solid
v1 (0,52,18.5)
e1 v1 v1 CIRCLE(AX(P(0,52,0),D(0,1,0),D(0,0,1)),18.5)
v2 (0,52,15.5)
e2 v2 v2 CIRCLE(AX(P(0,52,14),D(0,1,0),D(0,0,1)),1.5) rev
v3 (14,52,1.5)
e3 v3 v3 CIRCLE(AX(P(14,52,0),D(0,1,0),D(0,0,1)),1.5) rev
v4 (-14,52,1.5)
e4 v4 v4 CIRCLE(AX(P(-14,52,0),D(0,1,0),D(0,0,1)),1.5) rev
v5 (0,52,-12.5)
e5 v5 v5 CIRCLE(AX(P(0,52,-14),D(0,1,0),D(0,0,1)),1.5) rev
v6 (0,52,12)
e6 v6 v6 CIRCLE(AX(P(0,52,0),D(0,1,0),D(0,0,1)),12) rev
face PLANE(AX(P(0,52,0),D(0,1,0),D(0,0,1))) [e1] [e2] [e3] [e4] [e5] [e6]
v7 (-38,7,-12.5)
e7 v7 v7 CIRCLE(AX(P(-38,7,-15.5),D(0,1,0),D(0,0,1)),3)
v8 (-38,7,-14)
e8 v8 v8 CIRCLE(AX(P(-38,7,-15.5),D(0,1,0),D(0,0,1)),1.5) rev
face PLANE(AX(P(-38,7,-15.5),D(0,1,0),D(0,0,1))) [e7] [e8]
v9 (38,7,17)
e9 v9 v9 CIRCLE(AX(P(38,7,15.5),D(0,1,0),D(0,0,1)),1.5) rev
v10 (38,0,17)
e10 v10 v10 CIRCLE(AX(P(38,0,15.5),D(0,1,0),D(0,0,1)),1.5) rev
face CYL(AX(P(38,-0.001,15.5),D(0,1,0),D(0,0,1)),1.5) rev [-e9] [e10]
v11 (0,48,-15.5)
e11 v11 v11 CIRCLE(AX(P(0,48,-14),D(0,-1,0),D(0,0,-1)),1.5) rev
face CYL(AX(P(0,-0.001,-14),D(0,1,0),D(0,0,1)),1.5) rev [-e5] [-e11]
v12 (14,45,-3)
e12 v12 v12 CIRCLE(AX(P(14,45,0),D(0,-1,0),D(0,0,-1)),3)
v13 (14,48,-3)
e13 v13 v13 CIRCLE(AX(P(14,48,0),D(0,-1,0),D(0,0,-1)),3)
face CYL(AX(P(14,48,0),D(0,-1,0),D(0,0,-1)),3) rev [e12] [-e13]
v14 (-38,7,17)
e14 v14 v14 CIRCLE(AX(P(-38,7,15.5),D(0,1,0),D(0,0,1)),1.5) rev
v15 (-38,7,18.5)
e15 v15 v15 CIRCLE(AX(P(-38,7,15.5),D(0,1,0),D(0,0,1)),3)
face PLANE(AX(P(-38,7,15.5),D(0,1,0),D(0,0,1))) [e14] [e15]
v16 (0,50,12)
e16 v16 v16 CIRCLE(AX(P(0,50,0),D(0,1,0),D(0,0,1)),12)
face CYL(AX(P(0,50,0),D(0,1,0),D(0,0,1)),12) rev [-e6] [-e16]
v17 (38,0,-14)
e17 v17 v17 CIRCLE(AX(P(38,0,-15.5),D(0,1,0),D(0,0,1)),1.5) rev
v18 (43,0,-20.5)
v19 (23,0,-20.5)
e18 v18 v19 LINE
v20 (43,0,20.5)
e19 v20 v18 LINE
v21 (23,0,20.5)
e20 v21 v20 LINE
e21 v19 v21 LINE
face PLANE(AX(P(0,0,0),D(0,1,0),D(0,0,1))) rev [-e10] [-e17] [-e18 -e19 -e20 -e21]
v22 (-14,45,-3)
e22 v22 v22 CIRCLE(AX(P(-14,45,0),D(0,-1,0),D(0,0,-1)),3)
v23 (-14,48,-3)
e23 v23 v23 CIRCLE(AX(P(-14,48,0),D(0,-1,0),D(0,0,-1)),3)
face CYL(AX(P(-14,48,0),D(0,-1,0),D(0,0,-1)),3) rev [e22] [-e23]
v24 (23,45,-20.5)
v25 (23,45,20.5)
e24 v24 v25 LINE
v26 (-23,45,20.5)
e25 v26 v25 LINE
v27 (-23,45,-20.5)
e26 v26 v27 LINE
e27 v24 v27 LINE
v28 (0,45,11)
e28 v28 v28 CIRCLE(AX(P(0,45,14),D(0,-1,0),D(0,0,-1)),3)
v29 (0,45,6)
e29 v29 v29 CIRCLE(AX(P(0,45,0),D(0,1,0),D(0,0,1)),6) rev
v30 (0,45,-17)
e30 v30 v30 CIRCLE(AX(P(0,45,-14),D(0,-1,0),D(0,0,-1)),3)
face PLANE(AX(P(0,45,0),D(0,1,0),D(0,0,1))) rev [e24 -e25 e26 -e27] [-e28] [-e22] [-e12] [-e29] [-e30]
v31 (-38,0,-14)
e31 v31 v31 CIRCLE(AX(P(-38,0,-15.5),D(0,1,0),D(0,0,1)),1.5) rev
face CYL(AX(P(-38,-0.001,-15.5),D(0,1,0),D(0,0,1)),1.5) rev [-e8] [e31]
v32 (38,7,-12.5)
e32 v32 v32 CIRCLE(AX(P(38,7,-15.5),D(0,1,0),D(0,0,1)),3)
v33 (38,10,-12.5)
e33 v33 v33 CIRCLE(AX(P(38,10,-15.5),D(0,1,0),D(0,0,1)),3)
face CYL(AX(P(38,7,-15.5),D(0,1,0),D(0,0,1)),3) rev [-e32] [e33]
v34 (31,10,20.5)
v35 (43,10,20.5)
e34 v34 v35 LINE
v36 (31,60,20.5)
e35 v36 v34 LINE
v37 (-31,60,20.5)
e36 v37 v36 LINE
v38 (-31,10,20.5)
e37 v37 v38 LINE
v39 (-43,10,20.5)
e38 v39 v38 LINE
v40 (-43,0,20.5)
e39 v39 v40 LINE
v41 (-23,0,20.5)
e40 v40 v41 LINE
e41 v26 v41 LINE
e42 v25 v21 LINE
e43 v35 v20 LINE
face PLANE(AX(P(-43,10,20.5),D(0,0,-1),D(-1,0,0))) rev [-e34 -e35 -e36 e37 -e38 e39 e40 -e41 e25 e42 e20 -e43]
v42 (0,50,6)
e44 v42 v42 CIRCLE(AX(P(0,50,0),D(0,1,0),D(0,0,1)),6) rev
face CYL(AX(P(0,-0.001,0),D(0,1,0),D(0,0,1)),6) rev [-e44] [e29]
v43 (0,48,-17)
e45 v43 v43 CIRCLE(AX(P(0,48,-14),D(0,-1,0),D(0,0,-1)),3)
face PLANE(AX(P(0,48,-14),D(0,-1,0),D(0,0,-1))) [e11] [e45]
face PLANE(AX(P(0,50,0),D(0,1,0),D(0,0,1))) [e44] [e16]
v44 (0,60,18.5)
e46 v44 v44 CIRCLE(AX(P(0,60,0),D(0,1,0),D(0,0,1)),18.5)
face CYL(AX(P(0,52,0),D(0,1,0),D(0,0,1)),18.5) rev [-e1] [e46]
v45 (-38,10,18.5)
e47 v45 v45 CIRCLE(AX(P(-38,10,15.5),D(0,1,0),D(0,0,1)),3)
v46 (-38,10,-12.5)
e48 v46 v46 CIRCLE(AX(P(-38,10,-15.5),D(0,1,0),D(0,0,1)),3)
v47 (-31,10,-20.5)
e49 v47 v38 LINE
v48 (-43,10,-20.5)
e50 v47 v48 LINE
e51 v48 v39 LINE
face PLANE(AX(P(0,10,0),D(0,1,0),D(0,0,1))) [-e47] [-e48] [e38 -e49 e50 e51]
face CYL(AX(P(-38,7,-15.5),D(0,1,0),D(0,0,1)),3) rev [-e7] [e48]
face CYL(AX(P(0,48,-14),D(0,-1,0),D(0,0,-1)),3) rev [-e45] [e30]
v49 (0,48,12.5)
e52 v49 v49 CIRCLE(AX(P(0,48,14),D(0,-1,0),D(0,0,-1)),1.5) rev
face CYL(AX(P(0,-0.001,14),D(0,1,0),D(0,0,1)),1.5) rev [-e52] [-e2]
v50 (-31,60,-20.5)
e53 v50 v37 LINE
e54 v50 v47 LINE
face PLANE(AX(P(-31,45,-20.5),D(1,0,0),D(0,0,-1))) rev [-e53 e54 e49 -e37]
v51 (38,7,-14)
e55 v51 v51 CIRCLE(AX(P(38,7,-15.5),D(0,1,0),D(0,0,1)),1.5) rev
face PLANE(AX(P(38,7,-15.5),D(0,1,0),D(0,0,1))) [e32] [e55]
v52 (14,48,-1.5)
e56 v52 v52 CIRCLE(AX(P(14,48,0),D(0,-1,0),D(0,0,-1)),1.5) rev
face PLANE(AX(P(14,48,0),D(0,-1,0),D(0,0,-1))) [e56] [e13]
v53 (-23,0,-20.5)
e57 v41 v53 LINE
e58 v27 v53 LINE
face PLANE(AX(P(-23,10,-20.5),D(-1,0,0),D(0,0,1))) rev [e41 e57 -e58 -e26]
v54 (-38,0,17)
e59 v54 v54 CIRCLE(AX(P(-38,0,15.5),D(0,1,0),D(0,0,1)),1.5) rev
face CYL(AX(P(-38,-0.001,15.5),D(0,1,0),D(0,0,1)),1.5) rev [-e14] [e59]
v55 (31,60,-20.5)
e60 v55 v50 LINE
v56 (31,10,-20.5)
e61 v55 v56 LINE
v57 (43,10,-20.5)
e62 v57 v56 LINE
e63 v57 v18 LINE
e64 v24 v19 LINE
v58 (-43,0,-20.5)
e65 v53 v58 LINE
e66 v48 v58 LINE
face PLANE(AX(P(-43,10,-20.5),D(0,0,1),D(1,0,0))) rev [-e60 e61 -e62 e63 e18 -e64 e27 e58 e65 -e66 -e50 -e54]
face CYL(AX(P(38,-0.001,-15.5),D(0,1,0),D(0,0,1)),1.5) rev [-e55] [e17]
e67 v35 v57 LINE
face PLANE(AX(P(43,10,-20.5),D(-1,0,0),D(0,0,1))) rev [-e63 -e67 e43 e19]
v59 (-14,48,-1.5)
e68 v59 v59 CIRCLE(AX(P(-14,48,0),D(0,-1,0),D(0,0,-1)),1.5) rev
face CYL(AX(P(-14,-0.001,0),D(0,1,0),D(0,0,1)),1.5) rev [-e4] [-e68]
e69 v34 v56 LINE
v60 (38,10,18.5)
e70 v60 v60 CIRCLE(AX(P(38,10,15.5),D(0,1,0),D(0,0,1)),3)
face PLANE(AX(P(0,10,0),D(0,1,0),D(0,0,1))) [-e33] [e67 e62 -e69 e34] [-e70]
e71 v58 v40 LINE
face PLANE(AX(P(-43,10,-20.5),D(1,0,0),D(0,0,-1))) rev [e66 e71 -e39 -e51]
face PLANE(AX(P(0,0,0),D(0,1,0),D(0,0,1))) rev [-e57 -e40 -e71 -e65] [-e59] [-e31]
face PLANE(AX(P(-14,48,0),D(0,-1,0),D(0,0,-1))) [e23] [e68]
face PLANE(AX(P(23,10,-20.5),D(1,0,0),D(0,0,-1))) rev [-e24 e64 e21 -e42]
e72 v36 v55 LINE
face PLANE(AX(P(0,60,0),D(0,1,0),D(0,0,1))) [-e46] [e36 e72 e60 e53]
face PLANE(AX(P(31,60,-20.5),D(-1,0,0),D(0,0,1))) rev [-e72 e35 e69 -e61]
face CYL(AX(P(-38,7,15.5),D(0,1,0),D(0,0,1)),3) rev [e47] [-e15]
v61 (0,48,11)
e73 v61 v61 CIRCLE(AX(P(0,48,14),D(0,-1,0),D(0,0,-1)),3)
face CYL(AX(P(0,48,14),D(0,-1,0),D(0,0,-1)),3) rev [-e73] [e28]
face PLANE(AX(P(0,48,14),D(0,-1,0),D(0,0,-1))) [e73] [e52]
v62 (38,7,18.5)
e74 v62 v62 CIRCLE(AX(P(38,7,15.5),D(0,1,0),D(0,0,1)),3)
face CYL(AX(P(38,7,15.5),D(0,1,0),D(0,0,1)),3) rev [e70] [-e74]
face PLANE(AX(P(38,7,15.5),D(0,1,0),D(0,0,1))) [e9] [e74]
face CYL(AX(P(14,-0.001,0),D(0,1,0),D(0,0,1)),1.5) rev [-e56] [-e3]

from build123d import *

# Parameters (mm, degrees)
SKETCH1_W                      = 20
SKETCH1_H                      = 41
BOSS_EXTRUDE1_DEPTH            = 10
BOSS_EXTRUDE1_2_DEPTH          = 10
SKETCH2_R                      = 1.5
CUT_EXTRUDE1_DEPTH             = 10
SKETCH3_R                      = 3
CUT_EXTRUDE2_DEPTH             = 3
SKETCH4_W                      = 8
SKETCH4_H                      = 41
BOSS_EXTRUDE2_DEPTH            = 35
SKETCH5_W                      = 62
SKETCH5_H                      = 41
BOSS_EXTRUDE3_DEPTH            = 15
CUT_EXTRUDE3_REACH             = 78.611
SKETCH6_R                      = 1.5
SKETCH7_R                      = 3
CUT_EXTRUDE4_DEPTH             = 3
SKETCH8_R                      = 12
CUT_EXTRUDE5_DEPTH             = 10
CUT_EXTRUDE6_REACH             = 78.611
SKETCH9_R                      = 6
CUT_EXTRUDE6_DIRECTION_2_DEPTH = 77.611030537
SKETCH10_R                     = 18.5
CUT_EXTRUDE7_DEPTH             = 8


with BuildPart() as part:
    # Sketch1 → Boss-Extrude1 (new body)
    with BuildSketch(Plane(origin=(0, 0, 0), x_dir=(1, 0, 0), z_dir=(0, 1, 0))):
        with Locations((33, 0)):
            Rectangle(SKETCH1_W, SKETCH1_H)
    extrude(amount=BOSS_EXTRUDE1_DEPTH)


with BuildPart() as body_2:
    # Sketch1 → Boss-Extrude1 2 (new body)
    with BuildSketch(Plane(origin=(0, 0, 0), x_dir=(1, 0, 0), z_dir=(0, 1, 0))):
        with Locations((-33, 0)):
            Rectangle(SKETCH1_W, SKETCH1_H)
    extrude(amount=BOSS_EXTRUDE1_2_DEPTH)


with BuildPart() as cut_extrude1_tool:
    # Sketch2 → Cut-Extrude1 (new body)
    with BuildSketch(Plane(origin=(0, 10, 0), x_dir=(1, 0, 0), z_dir=(0, 1, 0))):
        with Locations(Location((-38, 15.5, 0), (0, 0, 270))):
            Circle(SKETCH2_R)
        with Locations(Location((-38, -15.5, 0), (0, 0, 270))):
            Circle(SKETCH2_R)
        with Locations(Location((38, -15.5, 0), (0, 0, 270))):
            Circle(SKETCH2_R)
        with Locations(Location((38, 15.5, 0), (0, 0, 270))):
            Circle(SKETCH2_R)
    extrude(amount=-CUT_EXTRUDE1_DEPTH)


with BuildPart() as part_1:
    add(part.part)

    # Cut-Extrude1: cut by cut_extrude1_tool
    add(cut_extrude1_tool.part, mode=Mode.SUBTRACT)


with BuildPart() as body_2_1:
    add(body_2.part)

    # Cut-Extrude1: cut by cut_extrude1_tool
    add(cut_extrude1_tool.part, mode=Mode.SUBTRACT)


with BuildPart() as cut_extrude2_tool:
    # Sketch3 → Cut-Extrude2 (new body)
    with BuildSketch(Plane(origin=(0, 10, 0), x_dir=(1, 0, 0), z_dir=(0, 1, 0))):
        with Locations(Location((-38, 15.5, 0), (0, 0, 270))):
            Circle(SKETCH3_R)
        with Locations(Location((-38, -15.5, 0), (0, 0, 270))):
            Circle(SKETCH3_R)
        with Locations(Location((38, -15.5, 0), (0, 0, 270))):
            Circle(SKETCH3_R)
        with Locations(Location((38, 15.5, 0), (0, 0, 270))):
            Circle(SKETCH3_R)
    extrude(amount=-CUT_EXTRUDE2_DEPTH)


with BuildPart() as part_2:
    add(part_1.part)

    # Cut-Extrude2: cut by cut_extrude2_tool
    add(cut_extrude2_tool.part, mode=Mode.SUBTRACT)



with BuildPart() as body_2_2:
    add(body_2_1.part)

    # Cut-Extrude2: cut by cut_extrude2_tool
    add(cut_extrude2_tool.part, mode=Mode.SUBTRACT)


with BuildPart() as part_3:
    add(part_2.part)

    add(body_2_2.part)  # Boss-Extrude2 merges body 2
    # Sketch4 → Boss-Extrude2 (add)
    with BuildSketch(Plane(origin=(0, 10, 0), x_dir=(1, 0, 0), z_dir=(0, 1, 0))):
        with Locations((-27, 0)):
            Rectangle(SKETCH4_W, SKETCH4_H)
        with Locations((27, 0)):
            Rectangle(SKETCH4_W, SKETCH4_H)
    extrude(amount=BOSS_EXTRUDE2_DEPTH)

    # Sketch5 → Boss-Extrude3 (add)
    with BuildSketch(Plane(origin=(0, 45, 0), x_dir=(1, 0, 0), z_dir=(0, 1, 0))):
        Rectangle(SKETCH5_W, SKETCH5_H)
    extrude(amount=BOSS_EXTRUDE3_DEPTH)

    # Sketch6 → Cut-Extrude3 (cut, up to next)
    with BuildSketch(Plane(origin=(0, 60, 0), x_dir=(1, 0, 0), z_dir=(0, 1, 0)), mode=Mode.PRIVATE) as cut_extrude3_sk1:
        with Locations(Location((-14, 0, 0), (0, 0, 270))):
            Circle(SKETCH6_R)
    cut_extrude3_tool1 = extrude(cut_extrude3_sk1.sketch, amount=-CUT_EXTRUDE3_REACH, mode=Mode.PRIVATE) & part_3.part
    # Sketch6 → Cut-Extrude3 (cut, up to next)
    with BuildSketch(Plane(origin=(0, 60, 0), x_dir=(1, 0, 0), z_dir=(0, 1, 0)), mode=Mode.PRIVATE) as cut_extrude3_sk2:
        with Locations(Location((0, 14, 0), (0, 0, 270))):
            Circle(SKETCH6_R)
    cut_extrude3_tool2 = extrude(cut_extrude3_sk2.sketch, amount=-CUT_EXTRUDE3_REACH, mode=Mode.PRIVATE) & part_3.part
    # Sketch6 → Cut-Extrude3 (cut, up to next)
    with BuildSketch(Plane(origin=(0, 60, 0), x_dir=(1, 0, 0), z_dir=(0, 1, 0)), mode=Mode.PRIVATE) as cut_extrude3_sk3:
        with Locations(Location((14, 0, 0), (0, 0, 270))):
            Circle(SKETCH6_R)
    cut_extrude3_tool3 = extrude(cut_extrude3_sk3.sketch, amount=-CUT_EXTRUDE3_REACH, mode=Mode.PRIVATE) & part_3.part
    # Sketch6 → Cut-Extrude3 (cut, up to next)
    with BuildSketch(Plane(origin=(0, 60, 0), x_dir=(1, 0, 0), z_dir=(0, 1, 0)), mode=Mode.PRIVATE) as cut_extrude3_sk4:
        with Locations(Location((0, -14, 0), (0, 0, 270))):
            Circle(SKETCH6_R)
    cut_extrude3_tool4 = extrude(cut_extrude3_sk4.sketch, amount=-CUT_EXTRUDE3_REACH, mode=Mode.PRIVATE) & part_3.part
    add(cut_extrude3_tool1.solids().sort_by_distance((-14, 60, 0))[0], mode=Mode.SUBTRACT)
    add(cut_extrude3_tool2.solids().sort_by_distance((0, 60, -14))[0], mode=Mode.SUBTRACT)
    add(cut_extrude3_tool3.solids().sort_by_distance((14, 60, 0))[0], mode=Mode.SUBTRACT)
    add(cut_extrude3_tool4.solids().sort_by_distance((0, 60, 14))[0], mode=Mode.SUBTRACT)

    # Sketch7 → Cut-Extrude4 (cut)
    with BuildSketch(Plane.XZ.offset(-45)):
        with Locations(Location((0, 14, 0), (0, 0, 270))):
            Circle(SKETCH7_R)
        with Locations(Location((14, 0, 0), (0, 0, 270))):
            Circle(SKETCH7_R)
        with Locations(Location((0, -14, 0), (0, 0, 270))):
            Circle(SKETCH7_R)
        with Locations(Location((-14, 0, 0), (0, 0, 270))):
            Circle(SKETCH7_R)
    extrude(amount=-CUT_EXTRUDE4_DEPTH, mode=Mode.SUBTRACT)

    # Sketch8 → Cut-Extrude5 (cut)
    with BuildSketch(Plane(origin=(0, 60, 0), x_dir=(1, 0, 0), z_dir=(0, 1, 0))):
        with Locations(Location((0, 0, 0), (0, 0, 270))):
            Circle(SKETCH8_R)
    extrude(amount=-CUT_EXTRUDE5_DEPTH, mode=Mode.SUBTRACT)

    # Sketch9 → Cut-Extrude6 (cut, up to next)
    with BuildSketch(Plane(origin=(0, 60, 0), x_dir=(1, 0, 0), z_dir=(0, 1, 0)), mode=Mode.PRIVATE) as cut_extrude6_sk1:
        with Locations(Location((0, 0, 0), (0, 0, 270))):
            Circle(SKETCH9_R)
    cut_extrude6_tool1 = extrude(cut_extrude6_sk1.sketch, amount=-CUT_EXTRUDE6_REACH, mode=Mode.PRIVATE) & part_3.part
    add(cut_extrude6_tool1.solids().sort_by_distance((0, 60, 0))[0], mode=Mode.SUBTRACT)

    # Sketch9 → Cut-Extrude6 direction 2 (cut)
    with BuildSketch(Plane(origin=(0, 60, 0), x_dir=(1, 0, 0), z_dir=(0, 1, 0))):
        with Locations(Location((0, 0, 0), (0, 0, 270))):
            Circle(SKETCH9_R)
    extrude(amount=CUT_EXTRUDE6_DIRECTION_2_DEPTH, mode=Mode.SUBTRACT)

    # Sketch10 → Cut-Extrude7 (cut)
    with BuildSketch(Plane(origin=(0, 60, 0), x_dir=(1, 0, 0), z_dir=(0, 1, 0))):
        with Locations(Location((0, 0, 0), (0, 0, 270))):
            Circle(SKETCH10_R)
    extrude(amount=-CUT_EXTRUDE7_DEPTH, mode=Mode.SUBTRACT)


solid = part_3.part
